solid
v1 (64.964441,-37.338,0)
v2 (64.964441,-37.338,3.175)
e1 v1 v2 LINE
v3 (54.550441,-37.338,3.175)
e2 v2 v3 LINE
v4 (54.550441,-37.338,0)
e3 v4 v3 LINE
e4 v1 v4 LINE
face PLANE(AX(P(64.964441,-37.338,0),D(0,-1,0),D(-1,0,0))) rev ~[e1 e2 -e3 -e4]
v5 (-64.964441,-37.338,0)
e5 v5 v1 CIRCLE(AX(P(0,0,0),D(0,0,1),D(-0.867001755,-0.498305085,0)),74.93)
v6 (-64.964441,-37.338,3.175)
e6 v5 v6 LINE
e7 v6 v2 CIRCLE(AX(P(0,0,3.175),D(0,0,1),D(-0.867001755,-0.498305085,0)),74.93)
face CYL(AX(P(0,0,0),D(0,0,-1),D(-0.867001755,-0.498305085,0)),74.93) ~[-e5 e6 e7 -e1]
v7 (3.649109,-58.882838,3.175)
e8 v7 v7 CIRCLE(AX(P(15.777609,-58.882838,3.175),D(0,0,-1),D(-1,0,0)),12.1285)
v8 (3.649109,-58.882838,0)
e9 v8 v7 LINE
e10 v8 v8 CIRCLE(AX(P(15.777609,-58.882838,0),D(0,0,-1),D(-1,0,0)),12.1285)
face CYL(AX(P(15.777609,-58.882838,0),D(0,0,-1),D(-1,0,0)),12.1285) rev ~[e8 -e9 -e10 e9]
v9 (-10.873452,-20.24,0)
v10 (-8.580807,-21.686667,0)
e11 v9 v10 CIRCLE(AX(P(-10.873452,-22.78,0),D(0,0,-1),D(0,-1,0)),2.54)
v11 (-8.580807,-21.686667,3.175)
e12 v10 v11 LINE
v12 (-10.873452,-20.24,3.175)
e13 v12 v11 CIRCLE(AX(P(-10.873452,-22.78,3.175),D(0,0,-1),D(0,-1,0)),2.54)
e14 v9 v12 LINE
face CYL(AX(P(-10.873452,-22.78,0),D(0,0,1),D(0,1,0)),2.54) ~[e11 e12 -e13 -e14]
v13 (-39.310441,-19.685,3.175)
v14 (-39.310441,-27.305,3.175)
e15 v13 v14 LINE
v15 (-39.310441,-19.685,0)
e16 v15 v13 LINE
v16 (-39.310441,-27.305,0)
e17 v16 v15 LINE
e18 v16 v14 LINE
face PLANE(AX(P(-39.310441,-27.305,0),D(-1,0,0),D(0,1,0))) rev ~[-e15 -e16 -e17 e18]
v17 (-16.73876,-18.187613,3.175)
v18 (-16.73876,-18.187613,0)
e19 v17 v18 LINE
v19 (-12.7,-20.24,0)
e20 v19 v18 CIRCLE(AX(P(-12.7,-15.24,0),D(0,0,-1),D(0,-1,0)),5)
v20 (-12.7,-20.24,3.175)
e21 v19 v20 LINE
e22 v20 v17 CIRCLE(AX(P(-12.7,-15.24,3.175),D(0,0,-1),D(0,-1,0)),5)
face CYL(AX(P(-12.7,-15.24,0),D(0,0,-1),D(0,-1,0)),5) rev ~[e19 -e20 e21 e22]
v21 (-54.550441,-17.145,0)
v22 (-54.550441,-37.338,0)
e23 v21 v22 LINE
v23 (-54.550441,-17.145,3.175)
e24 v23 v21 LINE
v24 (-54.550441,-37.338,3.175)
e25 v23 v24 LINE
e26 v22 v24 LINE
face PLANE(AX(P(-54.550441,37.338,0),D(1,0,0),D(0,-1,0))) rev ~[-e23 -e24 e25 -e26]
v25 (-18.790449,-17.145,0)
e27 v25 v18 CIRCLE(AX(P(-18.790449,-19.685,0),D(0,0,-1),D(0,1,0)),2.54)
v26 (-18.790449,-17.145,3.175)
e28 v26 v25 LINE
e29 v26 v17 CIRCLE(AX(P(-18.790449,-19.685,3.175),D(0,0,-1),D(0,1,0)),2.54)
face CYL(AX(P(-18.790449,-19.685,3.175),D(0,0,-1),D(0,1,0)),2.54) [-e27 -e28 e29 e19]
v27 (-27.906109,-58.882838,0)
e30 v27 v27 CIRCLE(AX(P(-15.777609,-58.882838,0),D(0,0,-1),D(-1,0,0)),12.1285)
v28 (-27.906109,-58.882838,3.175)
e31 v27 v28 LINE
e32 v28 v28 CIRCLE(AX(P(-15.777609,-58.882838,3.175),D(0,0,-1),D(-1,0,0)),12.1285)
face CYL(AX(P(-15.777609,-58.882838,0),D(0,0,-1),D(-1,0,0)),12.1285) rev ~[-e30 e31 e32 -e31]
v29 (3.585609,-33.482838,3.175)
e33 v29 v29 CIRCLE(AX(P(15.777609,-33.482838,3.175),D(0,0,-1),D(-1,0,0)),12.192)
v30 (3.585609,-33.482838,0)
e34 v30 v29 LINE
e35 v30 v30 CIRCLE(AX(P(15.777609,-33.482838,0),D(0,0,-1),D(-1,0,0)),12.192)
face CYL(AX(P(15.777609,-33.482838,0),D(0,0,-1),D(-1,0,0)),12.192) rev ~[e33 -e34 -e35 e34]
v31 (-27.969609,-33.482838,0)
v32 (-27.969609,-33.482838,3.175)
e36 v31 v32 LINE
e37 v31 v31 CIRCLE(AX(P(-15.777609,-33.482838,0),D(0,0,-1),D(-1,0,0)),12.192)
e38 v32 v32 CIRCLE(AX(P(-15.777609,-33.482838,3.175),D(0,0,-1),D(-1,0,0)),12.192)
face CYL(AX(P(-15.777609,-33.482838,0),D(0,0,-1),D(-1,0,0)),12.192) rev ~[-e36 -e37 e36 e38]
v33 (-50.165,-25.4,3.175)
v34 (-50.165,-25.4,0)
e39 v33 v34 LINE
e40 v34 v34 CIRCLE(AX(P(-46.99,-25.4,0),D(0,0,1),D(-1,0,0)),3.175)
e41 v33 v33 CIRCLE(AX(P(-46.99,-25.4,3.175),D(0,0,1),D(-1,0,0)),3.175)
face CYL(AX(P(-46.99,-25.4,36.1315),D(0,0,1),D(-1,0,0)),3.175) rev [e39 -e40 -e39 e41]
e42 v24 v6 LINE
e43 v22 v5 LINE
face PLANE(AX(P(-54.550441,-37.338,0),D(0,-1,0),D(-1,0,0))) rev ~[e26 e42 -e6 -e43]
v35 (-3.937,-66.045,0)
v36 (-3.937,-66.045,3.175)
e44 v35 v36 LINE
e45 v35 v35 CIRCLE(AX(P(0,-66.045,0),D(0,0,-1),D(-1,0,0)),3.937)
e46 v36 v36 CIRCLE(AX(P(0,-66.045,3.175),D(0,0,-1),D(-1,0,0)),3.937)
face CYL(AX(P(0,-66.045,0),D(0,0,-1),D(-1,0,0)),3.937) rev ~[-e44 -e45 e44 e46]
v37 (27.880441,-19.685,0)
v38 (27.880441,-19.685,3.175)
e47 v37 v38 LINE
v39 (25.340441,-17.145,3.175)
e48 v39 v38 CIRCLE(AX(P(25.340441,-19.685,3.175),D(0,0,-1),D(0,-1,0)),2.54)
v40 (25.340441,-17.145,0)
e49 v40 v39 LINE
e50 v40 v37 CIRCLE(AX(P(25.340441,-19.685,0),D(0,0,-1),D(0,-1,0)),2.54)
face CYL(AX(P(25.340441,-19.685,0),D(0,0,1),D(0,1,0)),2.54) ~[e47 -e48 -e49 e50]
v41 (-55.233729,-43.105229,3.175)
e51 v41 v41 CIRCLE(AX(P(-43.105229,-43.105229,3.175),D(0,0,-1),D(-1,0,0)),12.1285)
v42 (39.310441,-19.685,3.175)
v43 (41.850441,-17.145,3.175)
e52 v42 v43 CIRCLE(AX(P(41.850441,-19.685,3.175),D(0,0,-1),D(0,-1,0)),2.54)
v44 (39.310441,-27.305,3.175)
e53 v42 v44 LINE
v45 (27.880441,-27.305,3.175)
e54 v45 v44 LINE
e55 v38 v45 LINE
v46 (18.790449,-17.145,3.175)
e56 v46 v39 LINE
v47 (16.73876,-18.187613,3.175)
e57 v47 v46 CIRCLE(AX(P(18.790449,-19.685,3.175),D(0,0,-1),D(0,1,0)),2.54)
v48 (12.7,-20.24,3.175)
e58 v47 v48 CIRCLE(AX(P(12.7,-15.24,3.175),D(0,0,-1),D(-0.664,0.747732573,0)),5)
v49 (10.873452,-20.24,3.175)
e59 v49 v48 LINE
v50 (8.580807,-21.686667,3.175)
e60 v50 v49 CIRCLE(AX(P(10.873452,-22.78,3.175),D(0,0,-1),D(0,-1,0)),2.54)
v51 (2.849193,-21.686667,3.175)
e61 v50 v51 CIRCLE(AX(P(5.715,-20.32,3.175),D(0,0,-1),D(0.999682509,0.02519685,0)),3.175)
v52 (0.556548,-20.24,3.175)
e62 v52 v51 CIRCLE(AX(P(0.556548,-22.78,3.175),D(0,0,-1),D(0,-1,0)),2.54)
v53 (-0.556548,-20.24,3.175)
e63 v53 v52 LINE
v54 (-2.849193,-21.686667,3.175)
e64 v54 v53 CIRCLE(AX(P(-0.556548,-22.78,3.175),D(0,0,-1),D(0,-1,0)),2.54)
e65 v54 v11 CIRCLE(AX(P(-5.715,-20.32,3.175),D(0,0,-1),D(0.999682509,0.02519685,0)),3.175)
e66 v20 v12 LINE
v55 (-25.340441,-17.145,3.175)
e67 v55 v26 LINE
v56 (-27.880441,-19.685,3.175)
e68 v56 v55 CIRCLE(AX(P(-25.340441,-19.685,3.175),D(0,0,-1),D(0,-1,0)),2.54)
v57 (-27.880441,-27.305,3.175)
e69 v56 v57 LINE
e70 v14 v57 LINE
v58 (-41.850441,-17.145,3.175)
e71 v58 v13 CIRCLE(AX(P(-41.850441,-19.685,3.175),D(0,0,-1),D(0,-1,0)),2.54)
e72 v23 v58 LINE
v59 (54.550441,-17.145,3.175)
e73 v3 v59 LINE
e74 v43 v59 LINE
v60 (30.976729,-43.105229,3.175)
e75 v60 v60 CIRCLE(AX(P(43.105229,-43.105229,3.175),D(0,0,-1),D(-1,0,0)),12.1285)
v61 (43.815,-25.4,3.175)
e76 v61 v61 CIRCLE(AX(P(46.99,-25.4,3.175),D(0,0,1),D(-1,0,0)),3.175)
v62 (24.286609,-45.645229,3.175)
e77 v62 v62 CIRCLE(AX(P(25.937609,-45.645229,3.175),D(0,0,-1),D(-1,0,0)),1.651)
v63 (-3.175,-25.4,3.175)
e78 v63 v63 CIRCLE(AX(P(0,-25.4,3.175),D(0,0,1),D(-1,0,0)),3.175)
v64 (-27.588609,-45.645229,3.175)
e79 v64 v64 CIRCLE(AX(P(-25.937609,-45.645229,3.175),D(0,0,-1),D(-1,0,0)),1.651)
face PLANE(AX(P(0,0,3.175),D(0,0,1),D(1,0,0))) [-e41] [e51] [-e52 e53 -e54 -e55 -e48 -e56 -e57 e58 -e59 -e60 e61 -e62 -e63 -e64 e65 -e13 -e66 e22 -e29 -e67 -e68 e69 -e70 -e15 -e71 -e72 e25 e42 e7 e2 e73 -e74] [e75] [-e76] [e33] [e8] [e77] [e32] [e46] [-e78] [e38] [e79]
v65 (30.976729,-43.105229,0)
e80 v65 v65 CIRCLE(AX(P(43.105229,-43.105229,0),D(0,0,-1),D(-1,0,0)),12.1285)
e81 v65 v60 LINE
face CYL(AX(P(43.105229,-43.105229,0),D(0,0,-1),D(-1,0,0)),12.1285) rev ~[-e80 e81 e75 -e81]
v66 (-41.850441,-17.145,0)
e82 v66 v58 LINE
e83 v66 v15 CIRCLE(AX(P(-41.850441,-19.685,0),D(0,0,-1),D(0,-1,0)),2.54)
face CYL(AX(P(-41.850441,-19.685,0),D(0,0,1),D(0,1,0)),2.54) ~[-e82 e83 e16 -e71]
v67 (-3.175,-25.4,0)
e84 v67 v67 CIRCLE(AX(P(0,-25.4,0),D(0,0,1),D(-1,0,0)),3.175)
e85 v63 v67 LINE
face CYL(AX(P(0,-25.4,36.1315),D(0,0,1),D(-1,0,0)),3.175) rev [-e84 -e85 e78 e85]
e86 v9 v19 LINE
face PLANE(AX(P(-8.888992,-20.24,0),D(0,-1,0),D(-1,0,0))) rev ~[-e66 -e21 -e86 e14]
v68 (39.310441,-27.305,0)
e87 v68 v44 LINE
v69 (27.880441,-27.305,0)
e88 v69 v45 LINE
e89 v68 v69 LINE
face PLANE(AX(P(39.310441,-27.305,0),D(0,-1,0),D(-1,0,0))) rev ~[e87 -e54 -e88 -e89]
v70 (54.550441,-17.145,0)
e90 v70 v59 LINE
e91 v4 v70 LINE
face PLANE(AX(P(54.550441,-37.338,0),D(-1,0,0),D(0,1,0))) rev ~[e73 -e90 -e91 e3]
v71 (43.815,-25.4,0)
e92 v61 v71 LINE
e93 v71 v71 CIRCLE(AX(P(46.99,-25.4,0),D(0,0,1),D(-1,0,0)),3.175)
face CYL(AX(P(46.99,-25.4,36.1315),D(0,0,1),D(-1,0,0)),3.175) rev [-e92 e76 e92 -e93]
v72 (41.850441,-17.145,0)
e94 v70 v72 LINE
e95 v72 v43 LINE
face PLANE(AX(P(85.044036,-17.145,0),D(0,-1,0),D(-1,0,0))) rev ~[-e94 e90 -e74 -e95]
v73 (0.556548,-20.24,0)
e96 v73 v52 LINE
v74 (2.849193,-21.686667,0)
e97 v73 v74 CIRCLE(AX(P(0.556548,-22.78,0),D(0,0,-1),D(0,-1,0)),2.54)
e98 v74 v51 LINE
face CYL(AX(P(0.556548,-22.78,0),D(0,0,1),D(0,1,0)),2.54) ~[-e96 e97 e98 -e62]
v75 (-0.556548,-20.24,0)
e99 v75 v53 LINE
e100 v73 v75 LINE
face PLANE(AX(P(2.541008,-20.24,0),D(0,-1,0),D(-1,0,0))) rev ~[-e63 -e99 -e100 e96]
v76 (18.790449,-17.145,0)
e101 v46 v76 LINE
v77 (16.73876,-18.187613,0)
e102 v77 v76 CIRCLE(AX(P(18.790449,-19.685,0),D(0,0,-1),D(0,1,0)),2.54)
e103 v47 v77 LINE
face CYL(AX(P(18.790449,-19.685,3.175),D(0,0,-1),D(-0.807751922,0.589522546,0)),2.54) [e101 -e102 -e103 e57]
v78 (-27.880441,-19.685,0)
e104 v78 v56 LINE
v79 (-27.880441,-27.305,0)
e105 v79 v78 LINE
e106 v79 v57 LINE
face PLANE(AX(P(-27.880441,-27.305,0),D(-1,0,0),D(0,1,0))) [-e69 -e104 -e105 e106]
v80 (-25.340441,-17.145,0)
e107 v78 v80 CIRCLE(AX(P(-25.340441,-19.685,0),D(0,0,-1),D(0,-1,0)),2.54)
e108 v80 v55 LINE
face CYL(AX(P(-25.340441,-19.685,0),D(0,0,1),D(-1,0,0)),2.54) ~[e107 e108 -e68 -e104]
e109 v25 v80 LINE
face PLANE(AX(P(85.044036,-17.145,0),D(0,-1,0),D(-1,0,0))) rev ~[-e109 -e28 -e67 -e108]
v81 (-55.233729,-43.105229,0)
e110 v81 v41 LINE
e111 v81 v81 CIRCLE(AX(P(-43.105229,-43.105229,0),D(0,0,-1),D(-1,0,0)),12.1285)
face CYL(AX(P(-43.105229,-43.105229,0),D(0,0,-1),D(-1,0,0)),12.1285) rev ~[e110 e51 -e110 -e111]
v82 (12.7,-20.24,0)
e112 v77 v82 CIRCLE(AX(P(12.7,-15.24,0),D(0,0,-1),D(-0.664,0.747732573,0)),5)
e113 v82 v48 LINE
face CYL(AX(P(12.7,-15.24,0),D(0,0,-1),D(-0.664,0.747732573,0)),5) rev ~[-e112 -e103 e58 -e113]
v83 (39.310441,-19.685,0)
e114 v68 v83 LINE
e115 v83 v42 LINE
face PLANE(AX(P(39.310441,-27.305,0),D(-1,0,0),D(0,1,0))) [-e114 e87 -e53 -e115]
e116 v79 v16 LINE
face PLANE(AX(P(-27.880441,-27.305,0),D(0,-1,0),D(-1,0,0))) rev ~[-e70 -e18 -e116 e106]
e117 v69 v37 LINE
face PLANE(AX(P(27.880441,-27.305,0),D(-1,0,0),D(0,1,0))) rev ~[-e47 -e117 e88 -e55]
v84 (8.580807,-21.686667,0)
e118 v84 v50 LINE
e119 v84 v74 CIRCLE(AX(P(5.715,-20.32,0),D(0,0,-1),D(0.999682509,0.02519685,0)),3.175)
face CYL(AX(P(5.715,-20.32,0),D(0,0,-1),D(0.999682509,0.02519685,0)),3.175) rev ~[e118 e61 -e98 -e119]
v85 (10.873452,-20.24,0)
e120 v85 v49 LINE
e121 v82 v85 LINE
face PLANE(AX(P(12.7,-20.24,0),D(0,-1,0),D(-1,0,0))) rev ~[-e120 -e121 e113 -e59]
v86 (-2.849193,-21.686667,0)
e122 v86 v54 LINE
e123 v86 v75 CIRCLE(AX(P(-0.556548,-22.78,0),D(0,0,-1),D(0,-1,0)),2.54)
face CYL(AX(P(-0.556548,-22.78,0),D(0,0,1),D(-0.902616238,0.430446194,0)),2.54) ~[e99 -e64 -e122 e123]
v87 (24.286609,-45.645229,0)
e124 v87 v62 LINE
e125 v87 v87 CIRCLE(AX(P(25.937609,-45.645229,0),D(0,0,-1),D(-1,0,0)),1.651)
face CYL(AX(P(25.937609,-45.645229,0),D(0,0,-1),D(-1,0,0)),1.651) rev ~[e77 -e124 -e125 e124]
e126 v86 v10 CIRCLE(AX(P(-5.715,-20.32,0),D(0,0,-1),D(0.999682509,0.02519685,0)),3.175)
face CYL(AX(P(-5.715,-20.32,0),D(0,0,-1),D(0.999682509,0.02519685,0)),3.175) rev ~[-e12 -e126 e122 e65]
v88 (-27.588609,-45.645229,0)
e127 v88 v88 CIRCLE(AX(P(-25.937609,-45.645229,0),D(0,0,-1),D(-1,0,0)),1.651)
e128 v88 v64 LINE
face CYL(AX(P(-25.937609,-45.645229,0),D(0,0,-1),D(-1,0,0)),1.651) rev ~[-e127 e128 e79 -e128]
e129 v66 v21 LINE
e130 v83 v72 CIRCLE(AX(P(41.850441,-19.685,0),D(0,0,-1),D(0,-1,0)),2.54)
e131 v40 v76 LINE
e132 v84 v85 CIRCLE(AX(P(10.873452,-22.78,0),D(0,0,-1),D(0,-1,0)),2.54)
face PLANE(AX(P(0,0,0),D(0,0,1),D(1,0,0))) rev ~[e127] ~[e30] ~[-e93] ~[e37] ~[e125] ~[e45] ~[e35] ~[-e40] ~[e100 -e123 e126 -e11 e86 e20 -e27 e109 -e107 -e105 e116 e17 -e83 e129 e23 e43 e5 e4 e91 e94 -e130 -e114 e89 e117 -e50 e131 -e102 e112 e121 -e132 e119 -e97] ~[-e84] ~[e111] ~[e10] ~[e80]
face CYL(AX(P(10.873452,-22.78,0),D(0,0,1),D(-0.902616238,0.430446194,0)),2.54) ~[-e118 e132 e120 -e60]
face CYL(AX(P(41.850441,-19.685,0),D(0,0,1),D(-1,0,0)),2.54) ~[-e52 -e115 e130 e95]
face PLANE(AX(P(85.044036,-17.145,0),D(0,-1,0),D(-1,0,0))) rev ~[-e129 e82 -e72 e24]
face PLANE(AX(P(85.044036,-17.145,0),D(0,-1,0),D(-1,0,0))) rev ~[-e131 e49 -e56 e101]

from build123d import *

# Parameters (mm, degrees)
SKETCH1_R                = 1.651
BOSS_EXTRUDE2_DEPTH      = 3.175
SKETCH2_R                = 1.143
CUT_EXTRUDE1_DEPTH       = 4.175
SKETCH3_R                = 12.1285
CUT_EXTRUDE2_DEPTH       = 4.175
SKETCH4_W                = 28.562713242
SKETCH4_H                = 11.677503754
BOSS_EXTRUDE3_DEPTH      = 3.175
SKETCH5_W                = 216.7214489
SKETCH5_H                = 130.569220634
CUT_EXTRUDE4_DEPTH       = 4.175
SKETCH11_R               = 3.937
CUT_EXTRUDE11_DEPTH      = 4.175
SKETCH12_W               = 11.43
SKETCH12_H               = 10.16
CUT_EXTRUDE12_DEPTH      = 4.175
SKETCH16_R               = 12.192
CUT_EXTRUDE16_DEPTH      = 21.59
SKETCH57_R               = 1.651
CUT_EXTRUDE57_DEPTH      = 58.674
SKETCH58_R               = 3.175
CUT_EXTRUDE58_DEPTH      = 103.378
CUT_EXTRUDE58_DEPTH_BACK = 48.768
CUT_EXTRUDE15_DEPTH      = 21.59
FILLET1_R                = 2.54


with BuildPart() as part:
    # Sketch1 → Boss-Extrude2 (new body)
    with BuildSketch(Plane.XY):
        with BuildLine():
            Line((-64.964441474, 37.338), (-54.550441474, 37.338))
            Line((-54.550441474, 37.338), (-54.550441474, -37.338))
            Line((-54.550441474, -37.338), (-64.964441474, -37.338))
            ThreePointArc((-64.964441474, -37.338), (0, -74.93), (64.964441474, -37.338))
            Line((64.964441474, -37.338), (54.550441474, -37.338))
            Line((54.550441474, -37.338), (54.550441474, 37.338))
            Line((54.550441474, 37.338), (64.964441474, 37.338))
            ThreePointArc((64.964441474, 37.338), (0, 74.93), (-64.964441474, 37.338))
        make_face()
        with Locations((-46.482, 11.049)):
            Circle(SKETCH1_R, mode=Mode.SUBTRACT)
        with Locations((-21.083270032, 10.795)):
            Circle(SKETCH1_R, mode=Mode.SUBTRACT)
        with Locations((-21.083270032, -10.795)):
            Circle(SKETCH1_R, mode=Mode.SUBTRACT)
        with Locations((-46.482, -11.049)):
            Circle(SKETCH1_R, mode=Mode.SUBTRACT)
        with Locations((46.482, -11.049)):
            Circle(SKETCH1_R, mode=Mode.SUBTRACT)
        with Locations((21.083270032, -10.795)):
            Circle(SKETCH1_R, mode=Mode.SUBTRACT)
        with Locations((21.083270032, 10.795)):
            Circle(SKETCH1_R, mode=Mode.SUBTRACT)
        with Locations((46.482, 11.049)):
            Circle(SKETCH1_R, mode=Mode.SUBTRACT)
    extrude(amount=BOSS_EXTRUDE2_DEPTH)

    # Sketch2 → Cut-Extrude1 (cut, through all)
    with BuildSketch(Plane.XY.offset(3.175)):
        with Locations((-6.731, 62.23)):
            Circle(SKETCH2_R)
        with Locations((6.731, 62.23)):
            Circle(SKETCH2_R)
    extrude(amount=-CUT_EXTRUDE1_DEPTH, mode=Mode.SUBTRACT)

    # Sketch3 → Cut-Extrude2 (cut, through all)
    with BuildSketch(Plane(origin=(0, 0, 0), x_dir=(-1, 0, 0), z_dir=(0, 0, -1))):
        with Locations((-15.777608989, -58.882838371)):
            Circle(SKETCH3_R)
        with Locations((15.777608989, -58.882838371)):
            Circle(SKETCH3_R)
        with Locations((-43.105229381, -43.105229381)):
            Circle(SKETCH3_R)
        with Locations((-43.105229381, 43.105229381)):
            Circle(SKETCH3_R)
        with Locations((43.105229381, 43.105229381)):
            Circle(SKETCH3_R)
        with Locations((43.105229381, -43.105229381)):
            Circle(SKETCH3_R)
    extrude(amount=-CUT_EXTRUDE2_DEPTH, mode=Mode.SUBTRACT)

    # Sketch4 → Boss-Extrude3 (add)
    with BuildSketch(Plane(origin=(0, 0, 0), x_dir=(-1, 0, 0), z_dir=(0, 0, -1))):
        with Locations((-1.488809975, 62.152540216)):
            Rectangle(SKETCH4_W, SKETCH4_H)
    extrude(amount=-BOSS_EXTRUDE3_DEPTH)

    # Sketch5 → Cut-Extrude4 (cut, through all)
    with BuildSketch(Plane(origin=(0, 0, 0), x_dir=(-1, 0, 0), z_dir=(0, 0, -1))):
        with Locations((23.316688373, 48.139610317)):
            Rectangle(SKETCH5_W, SKETCH5_H)
    extrude(amount=-CUT_EXTRUDE4_DEPTH, mode=Mode.SUBTRACT)

    # Sketch11 → Cut-Extrude11 (cut, through all)
    with BuildSketch(Plane(origin=(0, 0, 0), x_dir=(-1, 0, 0), z_dir=(0, 0, -1))):
        with Locations((0, -66.045)):
            Circle(SKETCH11_R)
    extrude(amount=-CUT_EXTRUDE11_DEPTH, mode=Mode.SUBTRACT)

    # Sketch12 → Cut-Extrude12 (cut, through all)
    with BuildSketch(Plane(origin=(0, 0, 0), x_dir=(-1, 0, 0), z_dir=(0, 0, -1))):
        with Locations((-33.595441474, -22.225)):
            Rectangle(SKETCH12_W, SKETCH12_H)
        with Locations((33.595441474, -22.225)):
            Rectangle(SKETCH12_W, SKETCH12_H)
    extrude(amount=-CUT_EXTRUDE12_DEPTH, mode=Mode.SUBTRACT)

    # Sketch16 → Cut-Extrude16 (cut)
    with BuildSketch(Plane(origin=(0, 0, 0), x_dir=(-1, 0, 0), z_dir=(0, 0, -1))):
        with Locations((15.777608989, -33.482838371)):
            Circle(SKETCH16_R)
        with Locations((-15.777608989, -33.482838371)):
            Circle(SKETCH16_R)
    extrude(amount=-CUT_EXTRUDE16_DEPTH, mode=Mode.SUBTRACT)

    # Sketch57 → Cut-Extrude57 (cut)
    with BuildSketch(Plane(origin=(0, 0, 0), x_dir=(-1, 0, 0), z_dir=(0, 0, -1))):
        with Locations((-25.937608989, -45.645229381)):
            Circle(SKETCH57_R)
        with Locations((25.937608989, -45.645229381)):
            Circle(SKETCH57_R)
    extrude(amount=-CUT_EXTRUDE57_DEPTH, mode=Mode.SUBTRACT)

    # Sketch58 → Cut-Extrude58 (cut, two sides)
    with BuildSketch(Plane(origin=(30.092005081, 4.08352975, 36.1315), x_dir=(-1, 0, 0), z_dir=(0, 0, -1))) as cut_extrude58_sk:
        with Locations((77.082005081, -29.48352975)):
            Circle(SKETCH58_R)
        with Locations((30.092005081, -29.48352975)):
            Circle(SKETCH58_R)
        with Locations((-16.897994919, -29.48352975)):
            Circle(SKETCH58_R)
    extrude(amount=CUT_EXTRUDE58_DEPTH, mode=Mode.SUBTRACT)
    extrude(cut_extrude58_sk.sketch, amount=-CUT_EXTRUDE58_DEPTH_BACK, mode=Mode.SUBTRACT)

    # Sketch15 → Cut-Extrude15 (cut)
    with BuildSketch(Plane(origin=(0, 0, 0), x_dir=(-1, 0, 0), z_dir=(0, 0, -1))):
        with BuildLine():
            Line((-12.7, -20.24), (-8.888991966, -20.24))
            ThreePointArc((-8.888991966, -20.24), (-5.715, -23.495), (-2.541008034, -20.24))
            Line((-2.541008034, -20.24), (2.541008034, -20.24))
            ThreePointArc((2.541008034, -20.24), (5.715, -23.495), (8.888991966, -20.24))
            Line((8.888991966, -20.24), (12.7, -20.24))
            ThreePointArc((12.7, -20.24), (16.235533906, -11.704466094), (7.7, -15.24))
            Line((7.7, -15.24), (-1.06, -15.24))
            ThreePointArc((-1.06, -15.24), (-4.010609847, -10.6792983), (-9.38, -11.501337137))
            ThreePointArc((-9.38, -11.501337137), (-17.374040774, -13.464234575), (-12.7, -20.24))
        make_face()
    extrude(amount=-CUT_EXTRUDE15_DEPTH, mode=Mode.SUBTRACT)

    # Fillet1
    fillet1_edges = [part.edges().sort_by_distance(p)[0] for p in [
        (39.310441474, -17.145, 1.5875),
        (27.880441474, -17.145, 1.5875),
        (-27.880441474, -17.145, 1.5875),
        (-39.310441474, -17.145, 1.5875),
        (-17.322875188, -17.145, 1.5875),
        (17.322875188, -17.145, 1.5875),
        (-8.888991966, -20.24, 1.5875),
        (-2.541008034, -20.24, 1.5875),
        (2.541008034, -20.24, 1.5875),
        (8.888991966, -20.24, 1.5875),
    ]]
    fillet(fillet1_edges, radius=FILLET1_R)


solid = part.part
